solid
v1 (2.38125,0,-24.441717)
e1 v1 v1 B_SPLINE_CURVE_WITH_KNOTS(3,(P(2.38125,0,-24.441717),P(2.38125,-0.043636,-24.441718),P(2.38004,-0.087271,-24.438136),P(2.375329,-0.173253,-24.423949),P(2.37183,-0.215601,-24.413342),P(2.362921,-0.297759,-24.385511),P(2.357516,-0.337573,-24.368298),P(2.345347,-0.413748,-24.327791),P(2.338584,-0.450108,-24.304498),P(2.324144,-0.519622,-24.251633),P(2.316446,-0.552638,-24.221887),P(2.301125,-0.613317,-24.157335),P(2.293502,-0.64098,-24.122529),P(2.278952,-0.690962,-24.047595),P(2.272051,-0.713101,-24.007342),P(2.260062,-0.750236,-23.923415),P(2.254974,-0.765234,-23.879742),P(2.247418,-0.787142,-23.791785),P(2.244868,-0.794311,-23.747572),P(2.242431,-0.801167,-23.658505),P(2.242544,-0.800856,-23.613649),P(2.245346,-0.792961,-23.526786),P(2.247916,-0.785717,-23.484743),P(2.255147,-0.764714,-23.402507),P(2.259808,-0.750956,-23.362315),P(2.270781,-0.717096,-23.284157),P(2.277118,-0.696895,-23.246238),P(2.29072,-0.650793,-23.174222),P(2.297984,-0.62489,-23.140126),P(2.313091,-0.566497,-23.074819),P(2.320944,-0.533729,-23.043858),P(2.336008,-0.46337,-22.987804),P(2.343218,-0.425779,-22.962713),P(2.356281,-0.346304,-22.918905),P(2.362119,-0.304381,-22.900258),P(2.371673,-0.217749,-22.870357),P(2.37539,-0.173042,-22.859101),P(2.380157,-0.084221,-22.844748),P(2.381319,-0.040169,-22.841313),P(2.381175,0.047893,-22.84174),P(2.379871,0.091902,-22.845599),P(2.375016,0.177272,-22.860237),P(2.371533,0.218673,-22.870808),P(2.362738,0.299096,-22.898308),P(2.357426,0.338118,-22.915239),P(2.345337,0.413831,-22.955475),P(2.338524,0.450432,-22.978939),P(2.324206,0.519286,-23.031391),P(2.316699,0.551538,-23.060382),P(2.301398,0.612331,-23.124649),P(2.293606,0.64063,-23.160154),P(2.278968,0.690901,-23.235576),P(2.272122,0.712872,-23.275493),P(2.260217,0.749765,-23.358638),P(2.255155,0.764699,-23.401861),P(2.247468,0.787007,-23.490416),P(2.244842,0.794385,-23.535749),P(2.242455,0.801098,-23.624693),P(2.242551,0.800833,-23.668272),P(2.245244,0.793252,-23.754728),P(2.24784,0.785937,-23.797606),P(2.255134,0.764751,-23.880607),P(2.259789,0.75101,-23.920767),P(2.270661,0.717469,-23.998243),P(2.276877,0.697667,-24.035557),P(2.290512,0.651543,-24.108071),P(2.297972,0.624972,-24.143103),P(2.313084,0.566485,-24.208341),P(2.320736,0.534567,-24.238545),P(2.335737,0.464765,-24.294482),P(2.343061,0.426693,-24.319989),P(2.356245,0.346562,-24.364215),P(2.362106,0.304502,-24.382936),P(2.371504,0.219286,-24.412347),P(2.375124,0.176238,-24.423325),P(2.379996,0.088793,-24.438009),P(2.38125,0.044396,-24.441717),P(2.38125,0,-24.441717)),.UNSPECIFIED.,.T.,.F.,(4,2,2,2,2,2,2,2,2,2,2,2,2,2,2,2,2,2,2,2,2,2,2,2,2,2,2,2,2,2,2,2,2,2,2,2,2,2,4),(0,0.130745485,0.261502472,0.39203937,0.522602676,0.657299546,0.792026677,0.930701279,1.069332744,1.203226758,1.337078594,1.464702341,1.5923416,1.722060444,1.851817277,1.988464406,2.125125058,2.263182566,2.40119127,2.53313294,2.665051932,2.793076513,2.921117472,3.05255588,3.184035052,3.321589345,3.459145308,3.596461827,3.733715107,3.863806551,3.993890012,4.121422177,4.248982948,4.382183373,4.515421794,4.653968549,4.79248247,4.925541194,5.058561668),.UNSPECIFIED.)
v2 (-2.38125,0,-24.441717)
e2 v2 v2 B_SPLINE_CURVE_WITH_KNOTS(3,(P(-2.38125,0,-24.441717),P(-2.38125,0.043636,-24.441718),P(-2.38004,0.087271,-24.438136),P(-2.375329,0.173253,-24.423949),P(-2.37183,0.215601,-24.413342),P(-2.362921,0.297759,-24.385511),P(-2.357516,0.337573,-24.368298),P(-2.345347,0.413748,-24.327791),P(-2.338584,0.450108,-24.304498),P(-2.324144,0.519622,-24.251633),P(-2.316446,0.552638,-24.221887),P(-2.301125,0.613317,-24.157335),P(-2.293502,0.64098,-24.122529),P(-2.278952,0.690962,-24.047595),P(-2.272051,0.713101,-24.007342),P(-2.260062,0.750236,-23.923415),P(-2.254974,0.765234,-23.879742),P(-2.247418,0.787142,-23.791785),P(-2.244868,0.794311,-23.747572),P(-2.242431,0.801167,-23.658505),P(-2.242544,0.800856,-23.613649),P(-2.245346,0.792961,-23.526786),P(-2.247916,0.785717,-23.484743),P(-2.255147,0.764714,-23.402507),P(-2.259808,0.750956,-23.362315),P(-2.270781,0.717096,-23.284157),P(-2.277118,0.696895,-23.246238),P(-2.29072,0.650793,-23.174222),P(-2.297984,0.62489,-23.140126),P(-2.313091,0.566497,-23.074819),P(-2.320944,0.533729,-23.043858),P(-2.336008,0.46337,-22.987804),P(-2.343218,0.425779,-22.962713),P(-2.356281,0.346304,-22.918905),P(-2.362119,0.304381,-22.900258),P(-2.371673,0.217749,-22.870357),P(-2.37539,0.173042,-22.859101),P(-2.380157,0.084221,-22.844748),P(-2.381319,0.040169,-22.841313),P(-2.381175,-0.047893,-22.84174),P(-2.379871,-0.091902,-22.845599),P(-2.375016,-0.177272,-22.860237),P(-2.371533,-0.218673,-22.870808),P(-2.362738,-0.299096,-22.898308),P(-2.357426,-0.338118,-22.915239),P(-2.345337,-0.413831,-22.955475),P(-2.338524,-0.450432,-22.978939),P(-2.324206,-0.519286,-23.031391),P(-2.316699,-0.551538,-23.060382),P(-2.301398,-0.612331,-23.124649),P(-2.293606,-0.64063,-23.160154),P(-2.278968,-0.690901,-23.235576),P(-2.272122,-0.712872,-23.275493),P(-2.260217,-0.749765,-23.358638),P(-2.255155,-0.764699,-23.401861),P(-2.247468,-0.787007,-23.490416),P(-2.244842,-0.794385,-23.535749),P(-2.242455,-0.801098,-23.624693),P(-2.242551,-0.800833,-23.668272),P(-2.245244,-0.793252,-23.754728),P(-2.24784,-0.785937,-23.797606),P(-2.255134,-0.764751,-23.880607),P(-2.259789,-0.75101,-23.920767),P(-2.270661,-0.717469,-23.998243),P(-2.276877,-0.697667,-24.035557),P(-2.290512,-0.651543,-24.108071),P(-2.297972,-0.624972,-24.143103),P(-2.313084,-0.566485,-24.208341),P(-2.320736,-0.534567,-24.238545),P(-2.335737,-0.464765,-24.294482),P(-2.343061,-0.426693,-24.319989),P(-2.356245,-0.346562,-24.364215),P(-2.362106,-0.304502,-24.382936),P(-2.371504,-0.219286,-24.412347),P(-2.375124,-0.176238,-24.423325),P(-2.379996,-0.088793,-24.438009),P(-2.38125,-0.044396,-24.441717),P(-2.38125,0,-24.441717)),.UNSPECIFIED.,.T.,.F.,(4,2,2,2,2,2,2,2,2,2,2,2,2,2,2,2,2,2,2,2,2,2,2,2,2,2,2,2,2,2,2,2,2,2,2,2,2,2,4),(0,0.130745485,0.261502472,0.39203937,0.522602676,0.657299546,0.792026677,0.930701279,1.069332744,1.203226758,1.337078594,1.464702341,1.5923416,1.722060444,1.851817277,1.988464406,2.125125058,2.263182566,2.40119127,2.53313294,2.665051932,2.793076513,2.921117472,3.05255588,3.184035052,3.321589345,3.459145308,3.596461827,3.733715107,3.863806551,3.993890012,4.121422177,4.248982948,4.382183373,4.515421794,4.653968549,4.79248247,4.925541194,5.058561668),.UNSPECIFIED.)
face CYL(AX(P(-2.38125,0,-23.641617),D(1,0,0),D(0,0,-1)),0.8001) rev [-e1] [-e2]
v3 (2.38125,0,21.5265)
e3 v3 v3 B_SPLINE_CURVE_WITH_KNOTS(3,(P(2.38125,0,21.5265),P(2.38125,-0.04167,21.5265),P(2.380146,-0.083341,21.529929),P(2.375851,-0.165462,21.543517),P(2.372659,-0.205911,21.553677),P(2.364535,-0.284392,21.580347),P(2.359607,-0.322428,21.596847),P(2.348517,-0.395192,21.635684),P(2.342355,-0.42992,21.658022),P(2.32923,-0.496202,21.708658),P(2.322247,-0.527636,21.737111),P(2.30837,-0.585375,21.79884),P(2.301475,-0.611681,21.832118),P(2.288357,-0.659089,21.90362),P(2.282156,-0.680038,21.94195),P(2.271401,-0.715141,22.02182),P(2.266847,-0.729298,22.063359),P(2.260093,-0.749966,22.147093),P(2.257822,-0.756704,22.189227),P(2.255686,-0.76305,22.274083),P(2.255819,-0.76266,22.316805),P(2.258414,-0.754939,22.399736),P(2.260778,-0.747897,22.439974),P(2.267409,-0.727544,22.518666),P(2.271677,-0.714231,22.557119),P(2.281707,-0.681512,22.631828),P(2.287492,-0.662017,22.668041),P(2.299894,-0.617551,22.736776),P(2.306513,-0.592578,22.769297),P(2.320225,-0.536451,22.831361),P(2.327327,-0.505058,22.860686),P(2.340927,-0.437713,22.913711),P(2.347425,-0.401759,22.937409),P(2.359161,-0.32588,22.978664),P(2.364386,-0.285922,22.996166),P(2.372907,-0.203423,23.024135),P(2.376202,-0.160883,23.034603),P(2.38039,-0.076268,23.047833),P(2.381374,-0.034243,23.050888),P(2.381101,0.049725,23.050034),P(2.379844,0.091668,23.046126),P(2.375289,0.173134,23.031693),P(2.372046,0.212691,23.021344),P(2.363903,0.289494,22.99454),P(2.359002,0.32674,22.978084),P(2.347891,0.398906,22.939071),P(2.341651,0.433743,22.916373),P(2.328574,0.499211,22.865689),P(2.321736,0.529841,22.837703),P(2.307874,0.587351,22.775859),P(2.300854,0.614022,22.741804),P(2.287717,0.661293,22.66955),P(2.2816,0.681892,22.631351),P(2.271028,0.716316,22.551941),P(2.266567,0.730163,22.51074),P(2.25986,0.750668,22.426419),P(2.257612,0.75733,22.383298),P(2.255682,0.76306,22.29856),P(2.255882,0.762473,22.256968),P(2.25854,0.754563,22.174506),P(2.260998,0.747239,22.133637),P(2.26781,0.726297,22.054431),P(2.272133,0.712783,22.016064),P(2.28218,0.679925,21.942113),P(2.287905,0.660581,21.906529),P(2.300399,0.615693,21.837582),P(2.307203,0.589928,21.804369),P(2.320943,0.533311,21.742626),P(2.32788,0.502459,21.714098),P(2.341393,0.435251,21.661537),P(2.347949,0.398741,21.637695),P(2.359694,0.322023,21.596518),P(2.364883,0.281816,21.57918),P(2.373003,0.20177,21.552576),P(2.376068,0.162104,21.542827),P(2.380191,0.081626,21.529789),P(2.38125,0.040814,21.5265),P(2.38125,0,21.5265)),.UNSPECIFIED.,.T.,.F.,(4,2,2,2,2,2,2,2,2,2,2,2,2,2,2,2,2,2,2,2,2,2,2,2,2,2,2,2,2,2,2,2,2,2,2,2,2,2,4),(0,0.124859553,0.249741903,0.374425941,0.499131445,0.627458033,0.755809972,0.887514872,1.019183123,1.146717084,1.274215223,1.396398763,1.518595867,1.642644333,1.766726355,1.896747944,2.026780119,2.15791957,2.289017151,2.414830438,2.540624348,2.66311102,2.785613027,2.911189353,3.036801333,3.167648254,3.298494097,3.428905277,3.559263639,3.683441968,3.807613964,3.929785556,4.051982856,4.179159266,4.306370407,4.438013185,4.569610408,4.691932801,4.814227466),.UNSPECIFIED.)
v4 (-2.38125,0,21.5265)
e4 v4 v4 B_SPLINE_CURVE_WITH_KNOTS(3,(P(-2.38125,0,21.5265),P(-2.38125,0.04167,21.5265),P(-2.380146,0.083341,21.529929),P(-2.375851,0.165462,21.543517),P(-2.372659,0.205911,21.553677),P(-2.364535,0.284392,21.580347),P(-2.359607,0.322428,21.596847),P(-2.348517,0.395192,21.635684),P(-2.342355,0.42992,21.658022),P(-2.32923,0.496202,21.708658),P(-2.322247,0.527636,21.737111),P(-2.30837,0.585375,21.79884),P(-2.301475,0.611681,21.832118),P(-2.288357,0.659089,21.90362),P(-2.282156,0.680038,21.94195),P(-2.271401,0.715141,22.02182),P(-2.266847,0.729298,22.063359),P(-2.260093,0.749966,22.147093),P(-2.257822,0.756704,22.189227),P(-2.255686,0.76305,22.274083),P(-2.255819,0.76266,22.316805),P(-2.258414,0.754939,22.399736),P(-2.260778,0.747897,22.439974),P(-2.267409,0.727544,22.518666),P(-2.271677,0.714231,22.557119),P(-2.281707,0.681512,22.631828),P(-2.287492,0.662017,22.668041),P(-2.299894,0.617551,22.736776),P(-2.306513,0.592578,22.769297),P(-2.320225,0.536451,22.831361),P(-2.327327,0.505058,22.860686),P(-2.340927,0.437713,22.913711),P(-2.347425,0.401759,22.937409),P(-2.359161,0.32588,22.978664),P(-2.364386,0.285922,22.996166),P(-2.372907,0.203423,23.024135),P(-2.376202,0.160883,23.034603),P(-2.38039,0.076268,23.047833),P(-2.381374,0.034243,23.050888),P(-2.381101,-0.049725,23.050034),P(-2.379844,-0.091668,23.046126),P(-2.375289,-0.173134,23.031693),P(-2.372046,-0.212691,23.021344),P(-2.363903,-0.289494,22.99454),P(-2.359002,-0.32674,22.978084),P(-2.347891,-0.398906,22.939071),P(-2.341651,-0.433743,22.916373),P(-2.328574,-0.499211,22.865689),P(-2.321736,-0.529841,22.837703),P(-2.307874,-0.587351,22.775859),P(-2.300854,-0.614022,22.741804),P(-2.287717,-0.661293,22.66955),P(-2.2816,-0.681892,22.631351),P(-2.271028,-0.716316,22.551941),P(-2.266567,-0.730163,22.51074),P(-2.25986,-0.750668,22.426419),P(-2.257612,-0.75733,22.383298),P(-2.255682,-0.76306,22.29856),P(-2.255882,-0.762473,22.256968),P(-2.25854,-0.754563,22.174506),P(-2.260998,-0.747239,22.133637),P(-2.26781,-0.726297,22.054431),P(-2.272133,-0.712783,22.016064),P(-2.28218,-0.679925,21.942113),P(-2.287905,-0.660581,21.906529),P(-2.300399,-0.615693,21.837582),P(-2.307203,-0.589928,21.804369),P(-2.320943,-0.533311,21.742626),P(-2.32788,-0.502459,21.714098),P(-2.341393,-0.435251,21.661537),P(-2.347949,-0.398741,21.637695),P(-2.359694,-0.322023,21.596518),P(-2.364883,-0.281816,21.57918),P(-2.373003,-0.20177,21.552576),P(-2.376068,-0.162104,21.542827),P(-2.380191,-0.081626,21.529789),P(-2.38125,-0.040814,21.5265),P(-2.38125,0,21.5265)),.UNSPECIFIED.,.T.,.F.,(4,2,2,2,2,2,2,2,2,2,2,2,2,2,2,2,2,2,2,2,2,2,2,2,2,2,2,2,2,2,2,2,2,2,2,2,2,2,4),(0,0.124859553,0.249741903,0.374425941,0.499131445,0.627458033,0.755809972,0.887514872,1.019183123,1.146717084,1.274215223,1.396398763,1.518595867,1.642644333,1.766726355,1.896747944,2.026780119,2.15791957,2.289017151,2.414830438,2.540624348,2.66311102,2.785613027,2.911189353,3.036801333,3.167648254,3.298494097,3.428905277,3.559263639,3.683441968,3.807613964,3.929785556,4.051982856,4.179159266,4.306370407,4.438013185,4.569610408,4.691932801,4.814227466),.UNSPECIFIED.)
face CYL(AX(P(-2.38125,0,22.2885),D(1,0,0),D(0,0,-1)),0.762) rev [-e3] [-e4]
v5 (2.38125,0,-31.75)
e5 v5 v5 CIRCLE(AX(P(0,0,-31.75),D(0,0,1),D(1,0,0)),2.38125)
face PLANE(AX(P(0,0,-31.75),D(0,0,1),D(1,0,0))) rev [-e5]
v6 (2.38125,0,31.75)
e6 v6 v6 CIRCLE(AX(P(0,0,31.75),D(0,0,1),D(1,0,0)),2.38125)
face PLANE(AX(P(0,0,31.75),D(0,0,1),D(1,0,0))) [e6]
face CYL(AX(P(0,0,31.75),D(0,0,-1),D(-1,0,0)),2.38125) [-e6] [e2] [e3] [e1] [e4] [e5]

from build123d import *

# Parameters (mm, degrees)
SKETCH1_R               = 2.38125
BOSS_EXTRUDE1_DEPTH     = 31.75
CUT_EXTRUDE3_DEPTH      = 32.928094261
CUT_EXTRUDE3_DEPTH_BACK = 32.928094261
SKETCH4_R               = 0.762
CUT_EXTRUDE4_DEPTH      = 32.928094375
CUT_EXTRUDE4_DEPTH_BACK = 32.928094375
SKETCH5_R               = 0.8001


with BuildPart() as part:
    # Sketch1 → Boss-Extrude1 (new, symmetric)
    with BuildSketch(Plane.XY):
        Circle(SKETCH1_R)
    extrude(amount=BOSS_EXTRUDE1_DEPTH, both=True)

    # Sketch4 → Cut-Extrude3 (cut, two sides: drawn at the far end of the back side and taken through both)
    with BuildSketch(Plane(origin=(0, 0, 0), x_dir=(0, 0, -1), z_dir=(1, 0, 0)).offset(-CUT_EXTRUDE3_DEPTH_BACK)):
        with Locations((-22.2885, 0)):
            Circle(SKETCH4_R)
    extrude(amount=CUT_EXTRUDE3_DEPTH + CUT_EXTRUDE3_DEPTH_BACK, mode=Mode.SUBTRACT)

    # Sketch5 → Cut-Extrude4 (cut, two sides: drawn at the far end of the back side and taken through both)
    with BuildSketch(Plane(origin=(0, 0, 0), x_dir=(0, 0, -1), z_dir=(1, 0, 0)).offset(-CUT_EXTRUDE4_DEPTH_BACK)):
        with Locations((23.641617285, 0)):
            Circle(SKETCH5_R)
    extrude(amount=CUT_EXTRUDE4_DEPTH + CUT_EXTRUDE4_DEPTH_BACK, mode=Mode.SUBTRACT)


solid = part.part
